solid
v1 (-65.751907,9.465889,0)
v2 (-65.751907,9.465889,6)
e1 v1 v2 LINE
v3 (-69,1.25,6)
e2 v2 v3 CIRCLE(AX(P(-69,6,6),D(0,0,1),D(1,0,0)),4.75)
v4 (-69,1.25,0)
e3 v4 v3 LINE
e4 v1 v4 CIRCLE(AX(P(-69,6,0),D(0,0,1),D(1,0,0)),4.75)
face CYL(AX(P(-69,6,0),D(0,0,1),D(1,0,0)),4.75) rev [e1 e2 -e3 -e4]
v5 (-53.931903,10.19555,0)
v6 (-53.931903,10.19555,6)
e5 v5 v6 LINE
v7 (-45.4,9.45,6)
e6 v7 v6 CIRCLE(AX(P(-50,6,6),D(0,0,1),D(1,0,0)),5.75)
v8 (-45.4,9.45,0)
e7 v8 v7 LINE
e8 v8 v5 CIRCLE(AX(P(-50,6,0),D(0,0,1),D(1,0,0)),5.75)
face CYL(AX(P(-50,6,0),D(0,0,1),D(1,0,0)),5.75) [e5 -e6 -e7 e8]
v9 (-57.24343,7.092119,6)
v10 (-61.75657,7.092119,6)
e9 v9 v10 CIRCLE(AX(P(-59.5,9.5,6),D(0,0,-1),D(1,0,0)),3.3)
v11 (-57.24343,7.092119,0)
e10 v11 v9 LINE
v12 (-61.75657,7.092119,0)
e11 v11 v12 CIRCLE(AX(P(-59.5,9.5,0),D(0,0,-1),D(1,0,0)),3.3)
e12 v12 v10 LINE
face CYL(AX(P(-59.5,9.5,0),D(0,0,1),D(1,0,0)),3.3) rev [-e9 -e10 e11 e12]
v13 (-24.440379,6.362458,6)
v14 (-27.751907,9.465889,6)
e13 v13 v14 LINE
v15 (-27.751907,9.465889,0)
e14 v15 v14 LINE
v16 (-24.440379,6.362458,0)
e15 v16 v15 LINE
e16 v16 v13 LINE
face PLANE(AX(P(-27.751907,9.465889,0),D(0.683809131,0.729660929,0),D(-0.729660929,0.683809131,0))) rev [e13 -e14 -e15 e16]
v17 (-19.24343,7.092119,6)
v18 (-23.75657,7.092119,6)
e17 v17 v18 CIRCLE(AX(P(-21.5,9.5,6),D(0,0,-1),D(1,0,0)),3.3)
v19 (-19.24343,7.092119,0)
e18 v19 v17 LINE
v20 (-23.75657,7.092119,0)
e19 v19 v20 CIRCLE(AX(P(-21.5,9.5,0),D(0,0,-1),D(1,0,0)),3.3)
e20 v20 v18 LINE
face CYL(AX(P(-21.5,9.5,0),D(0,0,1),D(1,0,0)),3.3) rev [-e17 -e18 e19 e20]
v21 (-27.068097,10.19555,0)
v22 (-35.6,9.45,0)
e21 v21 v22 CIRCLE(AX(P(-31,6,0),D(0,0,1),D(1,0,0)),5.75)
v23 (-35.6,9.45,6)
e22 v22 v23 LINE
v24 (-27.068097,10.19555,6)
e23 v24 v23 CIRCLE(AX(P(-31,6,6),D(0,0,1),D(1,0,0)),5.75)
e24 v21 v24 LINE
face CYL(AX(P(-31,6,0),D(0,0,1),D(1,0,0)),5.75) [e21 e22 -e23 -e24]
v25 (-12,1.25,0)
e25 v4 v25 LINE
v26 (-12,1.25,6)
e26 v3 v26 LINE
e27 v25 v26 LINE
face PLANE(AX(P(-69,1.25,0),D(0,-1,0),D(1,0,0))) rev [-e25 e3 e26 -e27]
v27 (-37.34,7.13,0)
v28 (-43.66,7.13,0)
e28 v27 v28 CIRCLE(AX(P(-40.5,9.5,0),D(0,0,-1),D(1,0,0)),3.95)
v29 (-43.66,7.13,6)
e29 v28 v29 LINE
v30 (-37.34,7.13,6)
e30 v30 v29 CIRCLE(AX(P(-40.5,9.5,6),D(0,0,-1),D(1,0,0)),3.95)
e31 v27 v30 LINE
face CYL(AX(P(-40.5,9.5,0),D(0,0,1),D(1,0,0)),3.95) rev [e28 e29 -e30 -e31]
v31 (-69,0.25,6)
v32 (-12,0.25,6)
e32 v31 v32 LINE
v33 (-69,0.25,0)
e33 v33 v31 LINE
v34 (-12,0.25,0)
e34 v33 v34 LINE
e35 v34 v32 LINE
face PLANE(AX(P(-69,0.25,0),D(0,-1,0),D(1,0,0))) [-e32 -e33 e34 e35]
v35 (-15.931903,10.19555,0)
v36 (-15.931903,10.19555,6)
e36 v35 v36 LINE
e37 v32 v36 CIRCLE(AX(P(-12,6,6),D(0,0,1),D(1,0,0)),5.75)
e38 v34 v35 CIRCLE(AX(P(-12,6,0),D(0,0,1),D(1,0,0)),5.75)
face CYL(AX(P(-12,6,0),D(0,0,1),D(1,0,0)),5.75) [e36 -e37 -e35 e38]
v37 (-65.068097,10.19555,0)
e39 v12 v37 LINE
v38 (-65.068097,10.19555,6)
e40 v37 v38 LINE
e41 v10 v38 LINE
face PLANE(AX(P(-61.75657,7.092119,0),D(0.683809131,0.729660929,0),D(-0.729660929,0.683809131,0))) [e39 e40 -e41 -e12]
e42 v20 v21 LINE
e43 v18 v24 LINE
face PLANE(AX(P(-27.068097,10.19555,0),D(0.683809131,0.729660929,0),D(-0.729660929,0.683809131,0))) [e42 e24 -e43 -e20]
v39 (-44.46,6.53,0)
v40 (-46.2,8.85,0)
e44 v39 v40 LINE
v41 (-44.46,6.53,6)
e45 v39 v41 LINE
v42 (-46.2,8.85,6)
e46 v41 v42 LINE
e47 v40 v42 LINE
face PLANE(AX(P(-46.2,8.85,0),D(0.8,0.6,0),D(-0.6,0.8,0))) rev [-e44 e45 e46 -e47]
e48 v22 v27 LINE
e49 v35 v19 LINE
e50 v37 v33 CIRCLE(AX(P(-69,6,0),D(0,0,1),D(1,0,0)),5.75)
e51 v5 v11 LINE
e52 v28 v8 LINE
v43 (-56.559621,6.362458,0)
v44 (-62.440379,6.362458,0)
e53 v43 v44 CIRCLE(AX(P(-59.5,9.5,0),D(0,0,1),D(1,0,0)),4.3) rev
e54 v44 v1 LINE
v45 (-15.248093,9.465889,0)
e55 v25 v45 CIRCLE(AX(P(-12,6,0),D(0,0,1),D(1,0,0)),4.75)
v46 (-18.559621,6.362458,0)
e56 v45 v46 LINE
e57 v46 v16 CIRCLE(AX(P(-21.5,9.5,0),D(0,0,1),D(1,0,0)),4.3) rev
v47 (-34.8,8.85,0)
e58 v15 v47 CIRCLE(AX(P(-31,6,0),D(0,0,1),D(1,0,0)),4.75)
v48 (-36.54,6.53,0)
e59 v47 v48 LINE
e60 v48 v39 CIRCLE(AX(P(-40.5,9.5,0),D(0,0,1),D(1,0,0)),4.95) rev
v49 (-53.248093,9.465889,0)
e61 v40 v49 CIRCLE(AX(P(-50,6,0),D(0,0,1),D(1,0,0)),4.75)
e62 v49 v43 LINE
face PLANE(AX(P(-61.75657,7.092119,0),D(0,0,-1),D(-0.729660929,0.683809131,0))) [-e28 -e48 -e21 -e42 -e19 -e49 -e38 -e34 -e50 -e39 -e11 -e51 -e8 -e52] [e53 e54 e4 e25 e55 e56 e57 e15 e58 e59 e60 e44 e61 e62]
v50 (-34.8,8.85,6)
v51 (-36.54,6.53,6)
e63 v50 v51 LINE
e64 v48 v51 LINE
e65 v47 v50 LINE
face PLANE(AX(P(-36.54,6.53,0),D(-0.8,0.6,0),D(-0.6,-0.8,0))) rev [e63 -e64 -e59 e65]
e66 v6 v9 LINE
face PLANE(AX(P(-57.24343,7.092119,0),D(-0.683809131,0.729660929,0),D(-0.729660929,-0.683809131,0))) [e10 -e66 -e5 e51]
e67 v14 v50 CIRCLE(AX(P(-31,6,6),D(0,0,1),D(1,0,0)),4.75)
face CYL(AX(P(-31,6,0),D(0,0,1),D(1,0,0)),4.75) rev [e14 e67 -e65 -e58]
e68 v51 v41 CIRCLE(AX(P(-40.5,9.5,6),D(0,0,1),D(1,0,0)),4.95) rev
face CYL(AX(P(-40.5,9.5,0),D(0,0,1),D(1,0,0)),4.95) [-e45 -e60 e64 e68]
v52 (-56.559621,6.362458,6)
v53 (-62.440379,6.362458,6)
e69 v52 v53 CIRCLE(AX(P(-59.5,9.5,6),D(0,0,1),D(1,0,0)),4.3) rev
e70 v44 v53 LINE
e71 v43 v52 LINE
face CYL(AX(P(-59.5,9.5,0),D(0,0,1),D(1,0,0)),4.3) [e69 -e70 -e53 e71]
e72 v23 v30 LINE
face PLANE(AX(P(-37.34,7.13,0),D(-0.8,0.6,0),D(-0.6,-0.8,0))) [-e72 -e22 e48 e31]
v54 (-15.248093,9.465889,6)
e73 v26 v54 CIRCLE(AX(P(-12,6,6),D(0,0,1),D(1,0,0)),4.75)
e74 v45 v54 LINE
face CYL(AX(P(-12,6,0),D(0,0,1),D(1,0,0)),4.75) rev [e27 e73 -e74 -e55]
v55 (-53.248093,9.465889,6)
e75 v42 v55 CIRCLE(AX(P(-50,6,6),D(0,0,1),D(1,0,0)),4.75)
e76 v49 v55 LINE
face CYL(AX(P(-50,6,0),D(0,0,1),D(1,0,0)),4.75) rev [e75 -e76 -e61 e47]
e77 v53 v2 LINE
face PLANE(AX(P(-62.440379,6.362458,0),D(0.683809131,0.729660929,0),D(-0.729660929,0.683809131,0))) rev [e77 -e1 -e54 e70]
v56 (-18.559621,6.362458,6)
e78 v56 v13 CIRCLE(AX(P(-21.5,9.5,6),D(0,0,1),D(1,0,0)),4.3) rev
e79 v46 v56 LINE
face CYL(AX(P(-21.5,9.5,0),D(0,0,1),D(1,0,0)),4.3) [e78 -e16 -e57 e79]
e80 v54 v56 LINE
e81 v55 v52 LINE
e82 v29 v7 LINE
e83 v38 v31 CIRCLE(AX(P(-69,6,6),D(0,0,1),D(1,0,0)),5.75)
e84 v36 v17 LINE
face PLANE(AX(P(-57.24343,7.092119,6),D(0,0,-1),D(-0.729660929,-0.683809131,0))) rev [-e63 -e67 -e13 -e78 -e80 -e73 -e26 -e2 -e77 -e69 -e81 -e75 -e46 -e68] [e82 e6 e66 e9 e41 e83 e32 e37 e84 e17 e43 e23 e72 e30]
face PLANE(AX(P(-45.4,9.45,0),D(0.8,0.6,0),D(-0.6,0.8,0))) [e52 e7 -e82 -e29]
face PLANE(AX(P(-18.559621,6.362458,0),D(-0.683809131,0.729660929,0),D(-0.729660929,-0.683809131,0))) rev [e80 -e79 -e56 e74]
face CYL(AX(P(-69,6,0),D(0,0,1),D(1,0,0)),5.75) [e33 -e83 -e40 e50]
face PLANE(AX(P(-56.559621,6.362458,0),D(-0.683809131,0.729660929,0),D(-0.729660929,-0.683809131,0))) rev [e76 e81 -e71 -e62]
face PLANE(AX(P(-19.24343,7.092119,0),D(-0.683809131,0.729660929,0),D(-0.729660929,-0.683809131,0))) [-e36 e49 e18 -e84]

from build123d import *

# Parameters (mm, degrees)
SURFACE_EXTRUDE2_1_DEPTH = 6
THICKEN2_T1              = 1


with BuildPart() as body_1:
    # Surface-Extrude2: a surface, the sketch's curves swept straight by 6 mm
    with BuildLine(Plane.XY, mode=Mode.PRIVATE) as surface_extrude2_1_path:
        Line((-69, 0.25), (-12, 0.25))
        ThreePointArc((-12, 0.25), (-6.652714965, 8.114011059), (-15.931902505, 10.195550345))
        Line((-15.931902505, 10.195550345), (-19.243429867, 7.092118933))
        ThreePointArc((-19.243429867, 7.092118933), (-21.5, 6.2), (-23.756570133, 7.092118933))
        Line((-23.756570133, 7.092118933), (-27.068097495, 10.195550345))
        ThreePointArc((-27.068097495, 10.195550345), (-31.500549593, 11.72817162), (-35.6, 9.45))
        Line((-35.6, 9.45), (-37.34, 7.13))
        ThreePointArc((-37.34, 7.13), (-40.5, 5.55), (-43.66, 7.13))
        Line((-43.66, 7.13), (-45.4, 9.45))
        ThreePointArc((-45.4, 9.45), (-49.499450407, 11.72817162), (-53.931902505, 10.195550345))
        Line((-53.931902505, 10.195550345), (-57.243429867, 7.092118933))
        ThreePointArc((-57.243429867, 7.092118933), (-59.5, 6.2), (-61.756570133, 7.092118933))
        Line((-61.756570133, 7.092118933), (-65.068097495, 10.195550345))
        ThreePointArc((-65.068097495, 10.195550345), (-74.347285035, 8.114011059), (-69, 0.25))
    surface_extrude2_1 = Shell.extrude(surface_extrude2_1_path.wire(), (0 * SURFACE_EXTRUDE2_1_DEPTH, 0 * SURFACE_EXTRUDE2_1_DEPTH, 1 * SURFACE_EXTRUDE2_1_DEPTH))
    add(Solid.thicken(surface_extrude2_1, THICKEN2_T1))


solid = body_1.part
